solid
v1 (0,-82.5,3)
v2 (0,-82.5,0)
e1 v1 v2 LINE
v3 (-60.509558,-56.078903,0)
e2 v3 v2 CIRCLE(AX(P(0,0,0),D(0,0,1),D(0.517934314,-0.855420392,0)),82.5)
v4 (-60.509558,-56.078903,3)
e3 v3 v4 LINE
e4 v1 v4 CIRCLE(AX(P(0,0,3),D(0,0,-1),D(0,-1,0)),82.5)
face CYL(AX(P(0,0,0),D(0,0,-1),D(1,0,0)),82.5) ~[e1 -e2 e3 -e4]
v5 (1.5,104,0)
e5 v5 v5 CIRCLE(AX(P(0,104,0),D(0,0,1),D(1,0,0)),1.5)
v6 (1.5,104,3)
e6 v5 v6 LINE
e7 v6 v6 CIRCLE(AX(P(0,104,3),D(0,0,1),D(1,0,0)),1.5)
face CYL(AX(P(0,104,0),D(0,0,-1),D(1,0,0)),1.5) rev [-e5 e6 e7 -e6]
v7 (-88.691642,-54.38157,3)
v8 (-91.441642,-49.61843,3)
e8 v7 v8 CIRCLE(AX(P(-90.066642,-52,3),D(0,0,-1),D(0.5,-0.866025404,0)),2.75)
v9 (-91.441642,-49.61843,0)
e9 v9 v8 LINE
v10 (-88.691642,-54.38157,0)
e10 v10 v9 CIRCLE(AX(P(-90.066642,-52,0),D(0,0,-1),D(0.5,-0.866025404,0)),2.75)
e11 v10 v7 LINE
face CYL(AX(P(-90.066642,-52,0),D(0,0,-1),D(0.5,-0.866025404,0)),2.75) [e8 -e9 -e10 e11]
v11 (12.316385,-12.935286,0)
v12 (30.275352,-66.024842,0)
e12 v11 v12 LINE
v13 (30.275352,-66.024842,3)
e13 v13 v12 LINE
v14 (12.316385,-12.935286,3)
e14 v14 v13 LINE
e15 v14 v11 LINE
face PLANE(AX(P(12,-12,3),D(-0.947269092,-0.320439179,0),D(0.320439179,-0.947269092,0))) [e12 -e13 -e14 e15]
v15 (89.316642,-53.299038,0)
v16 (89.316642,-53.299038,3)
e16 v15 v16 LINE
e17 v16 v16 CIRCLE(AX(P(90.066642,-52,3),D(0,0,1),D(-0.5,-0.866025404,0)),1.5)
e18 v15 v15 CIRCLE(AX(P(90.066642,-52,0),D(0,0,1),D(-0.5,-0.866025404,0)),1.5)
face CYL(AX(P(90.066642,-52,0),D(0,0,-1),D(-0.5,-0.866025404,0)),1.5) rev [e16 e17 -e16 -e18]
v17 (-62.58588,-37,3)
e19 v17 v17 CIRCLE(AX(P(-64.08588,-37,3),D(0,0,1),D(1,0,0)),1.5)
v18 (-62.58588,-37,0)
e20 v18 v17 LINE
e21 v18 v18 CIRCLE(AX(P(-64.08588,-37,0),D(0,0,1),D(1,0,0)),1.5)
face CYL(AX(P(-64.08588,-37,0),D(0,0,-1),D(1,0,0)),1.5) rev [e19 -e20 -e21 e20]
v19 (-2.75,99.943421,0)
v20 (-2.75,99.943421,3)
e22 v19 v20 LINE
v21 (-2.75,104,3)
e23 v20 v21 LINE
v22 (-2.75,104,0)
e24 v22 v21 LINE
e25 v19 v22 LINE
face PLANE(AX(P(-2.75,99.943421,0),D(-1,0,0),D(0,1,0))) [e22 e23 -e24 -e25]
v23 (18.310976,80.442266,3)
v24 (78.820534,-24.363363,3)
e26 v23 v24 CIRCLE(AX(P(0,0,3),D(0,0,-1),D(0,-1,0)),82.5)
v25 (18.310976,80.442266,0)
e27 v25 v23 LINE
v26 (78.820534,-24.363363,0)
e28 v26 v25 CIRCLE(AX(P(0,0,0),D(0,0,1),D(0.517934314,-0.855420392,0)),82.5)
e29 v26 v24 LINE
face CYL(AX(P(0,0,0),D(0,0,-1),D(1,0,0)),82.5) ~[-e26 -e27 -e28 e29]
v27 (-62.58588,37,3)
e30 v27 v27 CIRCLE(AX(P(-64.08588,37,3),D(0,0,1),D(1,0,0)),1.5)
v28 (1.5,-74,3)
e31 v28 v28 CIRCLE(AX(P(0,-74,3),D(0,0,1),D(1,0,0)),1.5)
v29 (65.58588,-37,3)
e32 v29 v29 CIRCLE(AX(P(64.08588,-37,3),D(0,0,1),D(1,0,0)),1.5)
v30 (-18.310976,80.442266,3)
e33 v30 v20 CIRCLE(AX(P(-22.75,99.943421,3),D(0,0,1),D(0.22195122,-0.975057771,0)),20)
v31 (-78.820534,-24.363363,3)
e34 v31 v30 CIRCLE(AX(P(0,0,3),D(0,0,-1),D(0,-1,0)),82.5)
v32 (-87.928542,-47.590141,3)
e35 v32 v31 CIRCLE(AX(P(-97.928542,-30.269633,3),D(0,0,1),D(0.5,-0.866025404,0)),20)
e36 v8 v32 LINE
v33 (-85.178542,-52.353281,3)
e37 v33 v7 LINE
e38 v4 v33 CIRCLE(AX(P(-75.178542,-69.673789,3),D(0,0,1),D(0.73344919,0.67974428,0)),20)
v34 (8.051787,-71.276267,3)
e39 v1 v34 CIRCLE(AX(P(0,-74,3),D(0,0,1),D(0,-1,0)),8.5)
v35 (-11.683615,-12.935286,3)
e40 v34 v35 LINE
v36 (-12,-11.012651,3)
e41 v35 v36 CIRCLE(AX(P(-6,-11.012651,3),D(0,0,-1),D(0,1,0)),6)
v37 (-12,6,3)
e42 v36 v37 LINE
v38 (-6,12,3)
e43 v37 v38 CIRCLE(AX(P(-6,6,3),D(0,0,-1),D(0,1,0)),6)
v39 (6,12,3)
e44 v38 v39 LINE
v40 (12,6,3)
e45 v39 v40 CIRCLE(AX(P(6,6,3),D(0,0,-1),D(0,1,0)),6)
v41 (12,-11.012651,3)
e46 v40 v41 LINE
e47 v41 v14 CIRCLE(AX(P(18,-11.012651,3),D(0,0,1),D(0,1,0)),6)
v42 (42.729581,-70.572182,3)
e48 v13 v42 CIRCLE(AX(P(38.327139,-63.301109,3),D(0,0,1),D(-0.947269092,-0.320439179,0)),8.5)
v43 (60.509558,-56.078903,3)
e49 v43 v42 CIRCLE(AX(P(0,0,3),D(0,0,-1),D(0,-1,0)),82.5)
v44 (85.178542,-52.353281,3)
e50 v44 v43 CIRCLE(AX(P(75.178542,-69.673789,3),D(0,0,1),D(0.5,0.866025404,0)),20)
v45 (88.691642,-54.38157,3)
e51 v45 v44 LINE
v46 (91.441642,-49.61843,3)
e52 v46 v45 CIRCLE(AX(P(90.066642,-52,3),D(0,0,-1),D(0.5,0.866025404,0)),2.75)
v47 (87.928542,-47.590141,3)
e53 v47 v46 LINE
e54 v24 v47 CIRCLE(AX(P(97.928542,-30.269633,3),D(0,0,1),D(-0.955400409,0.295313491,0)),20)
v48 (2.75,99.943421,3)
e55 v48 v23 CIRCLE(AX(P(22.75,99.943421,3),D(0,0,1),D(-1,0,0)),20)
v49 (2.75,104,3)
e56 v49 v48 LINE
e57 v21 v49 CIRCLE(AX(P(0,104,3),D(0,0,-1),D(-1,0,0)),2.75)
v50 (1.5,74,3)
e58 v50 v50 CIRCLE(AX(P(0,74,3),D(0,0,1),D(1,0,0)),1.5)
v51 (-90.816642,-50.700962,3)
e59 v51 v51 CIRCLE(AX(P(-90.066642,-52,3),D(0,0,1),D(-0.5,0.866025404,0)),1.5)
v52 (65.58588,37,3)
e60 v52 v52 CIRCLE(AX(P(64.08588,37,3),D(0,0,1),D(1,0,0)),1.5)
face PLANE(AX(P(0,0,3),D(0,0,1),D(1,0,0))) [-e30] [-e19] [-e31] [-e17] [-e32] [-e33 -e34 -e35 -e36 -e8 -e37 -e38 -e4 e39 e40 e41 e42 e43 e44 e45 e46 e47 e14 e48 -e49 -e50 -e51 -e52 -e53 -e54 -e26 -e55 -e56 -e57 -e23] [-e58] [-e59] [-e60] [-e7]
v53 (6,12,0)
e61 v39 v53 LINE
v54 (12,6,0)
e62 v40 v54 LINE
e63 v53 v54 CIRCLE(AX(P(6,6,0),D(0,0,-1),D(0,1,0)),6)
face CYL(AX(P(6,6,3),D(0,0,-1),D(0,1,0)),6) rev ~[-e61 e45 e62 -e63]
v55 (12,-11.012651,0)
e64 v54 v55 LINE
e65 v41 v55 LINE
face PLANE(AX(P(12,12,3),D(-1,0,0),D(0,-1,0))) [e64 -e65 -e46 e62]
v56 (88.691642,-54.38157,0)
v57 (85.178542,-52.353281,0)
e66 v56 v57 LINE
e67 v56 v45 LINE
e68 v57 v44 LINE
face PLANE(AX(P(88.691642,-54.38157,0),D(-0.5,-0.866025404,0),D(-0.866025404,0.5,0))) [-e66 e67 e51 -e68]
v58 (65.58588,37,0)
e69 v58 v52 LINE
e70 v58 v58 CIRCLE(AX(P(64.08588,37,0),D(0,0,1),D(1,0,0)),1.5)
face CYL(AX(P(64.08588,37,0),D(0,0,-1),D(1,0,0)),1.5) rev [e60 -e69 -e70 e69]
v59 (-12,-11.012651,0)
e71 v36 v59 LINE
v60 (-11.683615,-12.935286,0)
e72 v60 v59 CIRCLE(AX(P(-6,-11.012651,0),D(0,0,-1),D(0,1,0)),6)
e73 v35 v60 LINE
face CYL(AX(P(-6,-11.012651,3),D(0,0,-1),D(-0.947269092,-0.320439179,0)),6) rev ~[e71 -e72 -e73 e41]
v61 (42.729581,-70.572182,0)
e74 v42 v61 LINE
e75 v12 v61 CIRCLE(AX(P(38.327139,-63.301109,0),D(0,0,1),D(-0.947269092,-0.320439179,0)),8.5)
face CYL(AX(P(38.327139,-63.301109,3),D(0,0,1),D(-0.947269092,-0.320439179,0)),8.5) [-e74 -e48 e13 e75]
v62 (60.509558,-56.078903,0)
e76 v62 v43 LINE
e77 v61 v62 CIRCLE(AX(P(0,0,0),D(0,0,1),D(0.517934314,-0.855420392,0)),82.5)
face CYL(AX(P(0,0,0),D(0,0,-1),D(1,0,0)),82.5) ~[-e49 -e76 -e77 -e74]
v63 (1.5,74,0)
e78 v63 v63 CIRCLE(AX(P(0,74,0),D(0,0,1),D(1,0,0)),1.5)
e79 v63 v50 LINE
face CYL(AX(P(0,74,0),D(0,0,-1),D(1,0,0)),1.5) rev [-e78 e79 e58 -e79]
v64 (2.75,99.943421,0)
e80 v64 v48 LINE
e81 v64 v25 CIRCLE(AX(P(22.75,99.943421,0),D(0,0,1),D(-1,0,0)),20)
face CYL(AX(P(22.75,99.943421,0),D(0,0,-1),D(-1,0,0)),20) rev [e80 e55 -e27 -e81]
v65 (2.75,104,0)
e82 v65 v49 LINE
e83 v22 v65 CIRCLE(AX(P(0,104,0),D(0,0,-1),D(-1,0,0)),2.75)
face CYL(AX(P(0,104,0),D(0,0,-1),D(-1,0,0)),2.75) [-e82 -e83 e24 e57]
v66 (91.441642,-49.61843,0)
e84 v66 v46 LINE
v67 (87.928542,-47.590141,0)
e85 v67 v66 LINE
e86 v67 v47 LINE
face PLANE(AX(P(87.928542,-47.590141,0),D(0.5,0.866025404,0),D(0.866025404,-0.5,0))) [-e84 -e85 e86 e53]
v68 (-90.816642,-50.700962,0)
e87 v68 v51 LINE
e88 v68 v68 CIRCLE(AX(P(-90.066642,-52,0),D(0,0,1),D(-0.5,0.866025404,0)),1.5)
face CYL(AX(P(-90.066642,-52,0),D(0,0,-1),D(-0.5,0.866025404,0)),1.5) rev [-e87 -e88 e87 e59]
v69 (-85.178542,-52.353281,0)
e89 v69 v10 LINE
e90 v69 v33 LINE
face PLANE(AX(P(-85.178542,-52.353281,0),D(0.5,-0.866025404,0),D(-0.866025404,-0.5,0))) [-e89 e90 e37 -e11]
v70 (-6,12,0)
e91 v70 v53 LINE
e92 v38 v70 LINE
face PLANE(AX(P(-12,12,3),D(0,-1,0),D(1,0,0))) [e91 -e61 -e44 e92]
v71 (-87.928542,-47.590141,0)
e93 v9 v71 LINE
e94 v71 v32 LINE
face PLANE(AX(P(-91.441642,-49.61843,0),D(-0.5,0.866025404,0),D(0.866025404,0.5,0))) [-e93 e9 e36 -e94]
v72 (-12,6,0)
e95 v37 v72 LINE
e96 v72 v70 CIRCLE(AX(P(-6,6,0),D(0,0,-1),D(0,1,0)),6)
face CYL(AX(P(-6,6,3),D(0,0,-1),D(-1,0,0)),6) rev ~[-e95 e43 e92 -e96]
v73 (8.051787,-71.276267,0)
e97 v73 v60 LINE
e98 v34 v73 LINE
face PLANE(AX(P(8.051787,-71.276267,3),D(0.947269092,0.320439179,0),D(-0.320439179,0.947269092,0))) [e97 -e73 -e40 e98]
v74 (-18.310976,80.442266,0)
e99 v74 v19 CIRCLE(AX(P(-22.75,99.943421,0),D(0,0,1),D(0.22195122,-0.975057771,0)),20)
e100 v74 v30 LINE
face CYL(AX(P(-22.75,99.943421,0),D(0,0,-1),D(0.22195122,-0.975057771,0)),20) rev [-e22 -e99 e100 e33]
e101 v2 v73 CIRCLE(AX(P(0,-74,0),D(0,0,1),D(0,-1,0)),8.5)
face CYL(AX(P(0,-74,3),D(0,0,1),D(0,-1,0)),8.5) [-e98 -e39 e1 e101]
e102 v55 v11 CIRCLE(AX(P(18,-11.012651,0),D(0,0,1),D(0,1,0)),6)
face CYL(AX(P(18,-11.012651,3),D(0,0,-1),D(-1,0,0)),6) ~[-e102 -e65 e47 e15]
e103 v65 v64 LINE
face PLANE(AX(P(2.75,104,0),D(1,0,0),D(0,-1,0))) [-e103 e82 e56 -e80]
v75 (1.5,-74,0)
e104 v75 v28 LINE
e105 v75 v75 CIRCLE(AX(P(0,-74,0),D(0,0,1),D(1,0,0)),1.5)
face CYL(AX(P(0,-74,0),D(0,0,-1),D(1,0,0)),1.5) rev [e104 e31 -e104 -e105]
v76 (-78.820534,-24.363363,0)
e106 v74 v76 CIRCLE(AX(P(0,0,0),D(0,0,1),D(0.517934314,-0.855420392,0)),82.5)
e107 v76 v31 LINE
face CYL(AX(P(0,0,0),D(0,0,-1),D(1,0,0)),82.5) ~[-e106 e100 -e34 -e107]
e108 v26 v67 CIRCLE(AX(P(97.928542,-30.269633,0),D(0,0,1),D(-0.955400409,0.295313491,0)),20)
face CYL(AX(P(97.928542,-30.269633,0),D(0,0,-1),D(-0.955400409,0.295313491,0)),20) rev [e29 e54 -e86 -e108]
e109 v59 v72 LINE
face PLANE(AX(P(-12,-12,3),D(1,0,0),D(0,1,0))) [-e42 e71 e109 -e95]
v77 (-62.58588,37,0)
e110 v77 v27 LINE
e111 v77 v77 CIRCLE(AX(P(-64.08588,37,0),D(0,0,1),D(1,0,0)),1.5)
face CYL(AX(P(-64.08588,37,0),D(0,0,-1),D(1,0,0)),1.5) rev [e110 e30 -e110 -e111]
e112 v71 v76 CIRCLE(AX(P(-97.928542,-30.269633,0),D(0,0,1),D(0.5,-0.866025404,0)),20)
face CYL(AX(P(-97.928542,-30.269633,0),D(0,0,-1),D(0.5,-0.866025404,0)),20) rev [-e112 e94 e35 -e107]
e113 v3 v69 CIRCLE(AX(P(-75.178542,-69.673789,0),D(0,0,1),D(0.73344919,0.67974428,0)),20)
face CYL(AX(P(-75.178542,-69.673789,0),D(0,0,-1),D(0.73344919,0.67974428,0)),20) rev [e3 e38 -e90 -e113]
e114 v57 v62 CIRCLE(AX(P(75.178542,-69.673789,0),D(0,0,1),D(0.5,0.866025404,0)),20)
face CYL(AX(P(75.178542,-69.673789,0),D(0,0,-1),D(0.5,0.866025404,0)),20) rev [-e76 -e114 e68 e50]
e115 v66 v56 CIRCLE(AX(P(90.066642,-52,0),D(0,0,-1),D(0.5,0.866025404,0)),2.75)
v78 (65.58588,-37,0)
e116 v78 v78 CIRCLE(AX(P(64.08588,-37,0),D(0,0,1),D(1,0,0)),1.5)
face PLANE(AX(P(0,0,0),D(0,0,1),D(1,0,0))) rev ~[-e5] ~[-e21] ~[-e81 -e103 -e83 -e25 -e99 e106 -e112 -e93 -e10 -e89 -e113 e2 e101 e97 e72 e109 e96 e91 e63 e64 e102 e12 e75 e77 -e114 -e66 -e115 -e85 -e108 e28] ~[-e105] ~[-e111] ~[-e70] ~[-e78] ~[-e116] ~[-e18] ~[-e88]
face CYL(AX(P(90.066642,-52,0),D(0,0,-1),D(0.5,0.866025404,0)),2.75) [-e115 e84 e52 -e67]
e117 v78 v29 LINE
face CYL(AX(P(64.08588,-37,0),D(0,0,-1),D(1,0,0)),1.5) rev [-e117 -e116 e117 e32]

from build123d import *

# Parameters (mm, degrees)
SKETCH1_R           = 82.5
SKETCH1_R_2         = 1.5
BOSS_EXTRUDE1_DEPTH = 3
CUT_EXTRUDE1_DEPTH  = 117.711181984
FILLET1_R           = 6
BOSS_EXTRUDE2_START = -3
SKETCH3_R           = 1.5
BOSS_EXTRUDE2_DEPTH = 3
CIRPATTERN1_COUNT   = 3


with BuildPart() as part:
    # Sketch1 → Boss-Extrude1 (new body)
    with BuildSketch(Plane.XY):
        Circle(SKETCH1_R)
        with Locations((0, 74)):
            Circle(SKETCH1_R_2, mode=Mode.SUBTRACT)
        with Locations((0, -74)):
            Circle(SKETCH1_R_2, mode=Mode.SUBTRACT)
        with Locations((64.08587988, 37)):
            Circle(SKETCH1_R_2, mode=Mode.SUBTRACT)
        with Locations((64.08587988, -37)):
            Circle(SKETCH1_R_2, mode=Mode.SUBTRACT)
        with Locations((-64.08587988, -37)):
            Circle(SKETCH1_R_2, mode=Mode.SUBTRACT)
        with Locations((-64.08587988, 37)):
            Circle(SKETCH1_R_2, mode=Mode.SUBTRACT)
    extrude(amount=BOSS_EXTRUDE1_DEPTH)

    # Sketch2 → Cut-Extrude1 (cut, through all)
    with BuildSketch(Plane.XY.offset(3)):
        with BuildLine():
            Line((12, -12), (30.275351929, -66.024842017))
            ThreePointArc((30.275351929, -66.024842017), (35.411833596, -71.285530901), (42.729580876, -70.572182325))
            ThreePointArc((42.729580876, -70.572182325), (22.181579725, -79.462113746), (0, -82.5))
            ThreePointArc((0, -82.5), (6.906581307, -78.954708332), (8.051787281, -71.276266978))
            Line((8.051787281, -71.276266978), (-12, -12))
            Line((-12, -12), (-12, 12))
            Line((-12, 12), (12, 12))
            Line((12, 12), (12, -12))
        make_face()
    extrude(amount=-CUT_EXTRUDE1_DEPTH, mode=Mode.SUBTRACT)

    # Fillet1
    fillet1_edges = [part.edges().sort_by_distance(p)[0] for p in [
        (12, 12, 1.5),
        (12, -12, 1.5),
        (-12, -12, 1.5),
        (-12, 12, 1.5),
    ]]
    fillet(fillet1_edges, radius=FILLET1_R)

    # Sketch3 → Boss-Extrude2 (add)
    with BuildSketch(Plane.XY.offset(3).offset(BOSS_EXTRUDE2_START)):
        with BuildLine():
            Line((2.75, 104), (2.75, 99.943421494))
            ThreePointArc((2.75, 99.943421494), (7.117014236, 87.469057539), (18.31097561, 80.442266081))
            ThreePointArc((18.31097561, 80.442266081), (0, 82.5), (-18.31097561, 80.442266081))
            ThreePointArc((-18.31097561, 80.442266081), (-7.117014236, 87.469057539), (-2.75, 99.943421494))
            Line((-2.75, 99.943421494), (-2.75, 104))
            ThreePointArc((-2.75, 104), (0, 106.75), (2.75, 104))
        make_face()
        with Locations((0, 104)):
            Circle(SKETCH3_R, mode=Mode.SUBTRACT)
    boss_extrude2 = extrude(amount=BOSS_EXTRUDE2_DEPTH)

    # CirPattern1: Boss-Extrude2 ×3 about axis
    cirpattern1_axis = Axis((0, 0, 0), (0, 0, 1))
    for i in range(1, CIRPATTERN1_COUNT):
        add(boss_extrude2.rotate(cirpattern1_axis, i * 360 / CIRPATTERN1_COUNT))


solid = part.part
